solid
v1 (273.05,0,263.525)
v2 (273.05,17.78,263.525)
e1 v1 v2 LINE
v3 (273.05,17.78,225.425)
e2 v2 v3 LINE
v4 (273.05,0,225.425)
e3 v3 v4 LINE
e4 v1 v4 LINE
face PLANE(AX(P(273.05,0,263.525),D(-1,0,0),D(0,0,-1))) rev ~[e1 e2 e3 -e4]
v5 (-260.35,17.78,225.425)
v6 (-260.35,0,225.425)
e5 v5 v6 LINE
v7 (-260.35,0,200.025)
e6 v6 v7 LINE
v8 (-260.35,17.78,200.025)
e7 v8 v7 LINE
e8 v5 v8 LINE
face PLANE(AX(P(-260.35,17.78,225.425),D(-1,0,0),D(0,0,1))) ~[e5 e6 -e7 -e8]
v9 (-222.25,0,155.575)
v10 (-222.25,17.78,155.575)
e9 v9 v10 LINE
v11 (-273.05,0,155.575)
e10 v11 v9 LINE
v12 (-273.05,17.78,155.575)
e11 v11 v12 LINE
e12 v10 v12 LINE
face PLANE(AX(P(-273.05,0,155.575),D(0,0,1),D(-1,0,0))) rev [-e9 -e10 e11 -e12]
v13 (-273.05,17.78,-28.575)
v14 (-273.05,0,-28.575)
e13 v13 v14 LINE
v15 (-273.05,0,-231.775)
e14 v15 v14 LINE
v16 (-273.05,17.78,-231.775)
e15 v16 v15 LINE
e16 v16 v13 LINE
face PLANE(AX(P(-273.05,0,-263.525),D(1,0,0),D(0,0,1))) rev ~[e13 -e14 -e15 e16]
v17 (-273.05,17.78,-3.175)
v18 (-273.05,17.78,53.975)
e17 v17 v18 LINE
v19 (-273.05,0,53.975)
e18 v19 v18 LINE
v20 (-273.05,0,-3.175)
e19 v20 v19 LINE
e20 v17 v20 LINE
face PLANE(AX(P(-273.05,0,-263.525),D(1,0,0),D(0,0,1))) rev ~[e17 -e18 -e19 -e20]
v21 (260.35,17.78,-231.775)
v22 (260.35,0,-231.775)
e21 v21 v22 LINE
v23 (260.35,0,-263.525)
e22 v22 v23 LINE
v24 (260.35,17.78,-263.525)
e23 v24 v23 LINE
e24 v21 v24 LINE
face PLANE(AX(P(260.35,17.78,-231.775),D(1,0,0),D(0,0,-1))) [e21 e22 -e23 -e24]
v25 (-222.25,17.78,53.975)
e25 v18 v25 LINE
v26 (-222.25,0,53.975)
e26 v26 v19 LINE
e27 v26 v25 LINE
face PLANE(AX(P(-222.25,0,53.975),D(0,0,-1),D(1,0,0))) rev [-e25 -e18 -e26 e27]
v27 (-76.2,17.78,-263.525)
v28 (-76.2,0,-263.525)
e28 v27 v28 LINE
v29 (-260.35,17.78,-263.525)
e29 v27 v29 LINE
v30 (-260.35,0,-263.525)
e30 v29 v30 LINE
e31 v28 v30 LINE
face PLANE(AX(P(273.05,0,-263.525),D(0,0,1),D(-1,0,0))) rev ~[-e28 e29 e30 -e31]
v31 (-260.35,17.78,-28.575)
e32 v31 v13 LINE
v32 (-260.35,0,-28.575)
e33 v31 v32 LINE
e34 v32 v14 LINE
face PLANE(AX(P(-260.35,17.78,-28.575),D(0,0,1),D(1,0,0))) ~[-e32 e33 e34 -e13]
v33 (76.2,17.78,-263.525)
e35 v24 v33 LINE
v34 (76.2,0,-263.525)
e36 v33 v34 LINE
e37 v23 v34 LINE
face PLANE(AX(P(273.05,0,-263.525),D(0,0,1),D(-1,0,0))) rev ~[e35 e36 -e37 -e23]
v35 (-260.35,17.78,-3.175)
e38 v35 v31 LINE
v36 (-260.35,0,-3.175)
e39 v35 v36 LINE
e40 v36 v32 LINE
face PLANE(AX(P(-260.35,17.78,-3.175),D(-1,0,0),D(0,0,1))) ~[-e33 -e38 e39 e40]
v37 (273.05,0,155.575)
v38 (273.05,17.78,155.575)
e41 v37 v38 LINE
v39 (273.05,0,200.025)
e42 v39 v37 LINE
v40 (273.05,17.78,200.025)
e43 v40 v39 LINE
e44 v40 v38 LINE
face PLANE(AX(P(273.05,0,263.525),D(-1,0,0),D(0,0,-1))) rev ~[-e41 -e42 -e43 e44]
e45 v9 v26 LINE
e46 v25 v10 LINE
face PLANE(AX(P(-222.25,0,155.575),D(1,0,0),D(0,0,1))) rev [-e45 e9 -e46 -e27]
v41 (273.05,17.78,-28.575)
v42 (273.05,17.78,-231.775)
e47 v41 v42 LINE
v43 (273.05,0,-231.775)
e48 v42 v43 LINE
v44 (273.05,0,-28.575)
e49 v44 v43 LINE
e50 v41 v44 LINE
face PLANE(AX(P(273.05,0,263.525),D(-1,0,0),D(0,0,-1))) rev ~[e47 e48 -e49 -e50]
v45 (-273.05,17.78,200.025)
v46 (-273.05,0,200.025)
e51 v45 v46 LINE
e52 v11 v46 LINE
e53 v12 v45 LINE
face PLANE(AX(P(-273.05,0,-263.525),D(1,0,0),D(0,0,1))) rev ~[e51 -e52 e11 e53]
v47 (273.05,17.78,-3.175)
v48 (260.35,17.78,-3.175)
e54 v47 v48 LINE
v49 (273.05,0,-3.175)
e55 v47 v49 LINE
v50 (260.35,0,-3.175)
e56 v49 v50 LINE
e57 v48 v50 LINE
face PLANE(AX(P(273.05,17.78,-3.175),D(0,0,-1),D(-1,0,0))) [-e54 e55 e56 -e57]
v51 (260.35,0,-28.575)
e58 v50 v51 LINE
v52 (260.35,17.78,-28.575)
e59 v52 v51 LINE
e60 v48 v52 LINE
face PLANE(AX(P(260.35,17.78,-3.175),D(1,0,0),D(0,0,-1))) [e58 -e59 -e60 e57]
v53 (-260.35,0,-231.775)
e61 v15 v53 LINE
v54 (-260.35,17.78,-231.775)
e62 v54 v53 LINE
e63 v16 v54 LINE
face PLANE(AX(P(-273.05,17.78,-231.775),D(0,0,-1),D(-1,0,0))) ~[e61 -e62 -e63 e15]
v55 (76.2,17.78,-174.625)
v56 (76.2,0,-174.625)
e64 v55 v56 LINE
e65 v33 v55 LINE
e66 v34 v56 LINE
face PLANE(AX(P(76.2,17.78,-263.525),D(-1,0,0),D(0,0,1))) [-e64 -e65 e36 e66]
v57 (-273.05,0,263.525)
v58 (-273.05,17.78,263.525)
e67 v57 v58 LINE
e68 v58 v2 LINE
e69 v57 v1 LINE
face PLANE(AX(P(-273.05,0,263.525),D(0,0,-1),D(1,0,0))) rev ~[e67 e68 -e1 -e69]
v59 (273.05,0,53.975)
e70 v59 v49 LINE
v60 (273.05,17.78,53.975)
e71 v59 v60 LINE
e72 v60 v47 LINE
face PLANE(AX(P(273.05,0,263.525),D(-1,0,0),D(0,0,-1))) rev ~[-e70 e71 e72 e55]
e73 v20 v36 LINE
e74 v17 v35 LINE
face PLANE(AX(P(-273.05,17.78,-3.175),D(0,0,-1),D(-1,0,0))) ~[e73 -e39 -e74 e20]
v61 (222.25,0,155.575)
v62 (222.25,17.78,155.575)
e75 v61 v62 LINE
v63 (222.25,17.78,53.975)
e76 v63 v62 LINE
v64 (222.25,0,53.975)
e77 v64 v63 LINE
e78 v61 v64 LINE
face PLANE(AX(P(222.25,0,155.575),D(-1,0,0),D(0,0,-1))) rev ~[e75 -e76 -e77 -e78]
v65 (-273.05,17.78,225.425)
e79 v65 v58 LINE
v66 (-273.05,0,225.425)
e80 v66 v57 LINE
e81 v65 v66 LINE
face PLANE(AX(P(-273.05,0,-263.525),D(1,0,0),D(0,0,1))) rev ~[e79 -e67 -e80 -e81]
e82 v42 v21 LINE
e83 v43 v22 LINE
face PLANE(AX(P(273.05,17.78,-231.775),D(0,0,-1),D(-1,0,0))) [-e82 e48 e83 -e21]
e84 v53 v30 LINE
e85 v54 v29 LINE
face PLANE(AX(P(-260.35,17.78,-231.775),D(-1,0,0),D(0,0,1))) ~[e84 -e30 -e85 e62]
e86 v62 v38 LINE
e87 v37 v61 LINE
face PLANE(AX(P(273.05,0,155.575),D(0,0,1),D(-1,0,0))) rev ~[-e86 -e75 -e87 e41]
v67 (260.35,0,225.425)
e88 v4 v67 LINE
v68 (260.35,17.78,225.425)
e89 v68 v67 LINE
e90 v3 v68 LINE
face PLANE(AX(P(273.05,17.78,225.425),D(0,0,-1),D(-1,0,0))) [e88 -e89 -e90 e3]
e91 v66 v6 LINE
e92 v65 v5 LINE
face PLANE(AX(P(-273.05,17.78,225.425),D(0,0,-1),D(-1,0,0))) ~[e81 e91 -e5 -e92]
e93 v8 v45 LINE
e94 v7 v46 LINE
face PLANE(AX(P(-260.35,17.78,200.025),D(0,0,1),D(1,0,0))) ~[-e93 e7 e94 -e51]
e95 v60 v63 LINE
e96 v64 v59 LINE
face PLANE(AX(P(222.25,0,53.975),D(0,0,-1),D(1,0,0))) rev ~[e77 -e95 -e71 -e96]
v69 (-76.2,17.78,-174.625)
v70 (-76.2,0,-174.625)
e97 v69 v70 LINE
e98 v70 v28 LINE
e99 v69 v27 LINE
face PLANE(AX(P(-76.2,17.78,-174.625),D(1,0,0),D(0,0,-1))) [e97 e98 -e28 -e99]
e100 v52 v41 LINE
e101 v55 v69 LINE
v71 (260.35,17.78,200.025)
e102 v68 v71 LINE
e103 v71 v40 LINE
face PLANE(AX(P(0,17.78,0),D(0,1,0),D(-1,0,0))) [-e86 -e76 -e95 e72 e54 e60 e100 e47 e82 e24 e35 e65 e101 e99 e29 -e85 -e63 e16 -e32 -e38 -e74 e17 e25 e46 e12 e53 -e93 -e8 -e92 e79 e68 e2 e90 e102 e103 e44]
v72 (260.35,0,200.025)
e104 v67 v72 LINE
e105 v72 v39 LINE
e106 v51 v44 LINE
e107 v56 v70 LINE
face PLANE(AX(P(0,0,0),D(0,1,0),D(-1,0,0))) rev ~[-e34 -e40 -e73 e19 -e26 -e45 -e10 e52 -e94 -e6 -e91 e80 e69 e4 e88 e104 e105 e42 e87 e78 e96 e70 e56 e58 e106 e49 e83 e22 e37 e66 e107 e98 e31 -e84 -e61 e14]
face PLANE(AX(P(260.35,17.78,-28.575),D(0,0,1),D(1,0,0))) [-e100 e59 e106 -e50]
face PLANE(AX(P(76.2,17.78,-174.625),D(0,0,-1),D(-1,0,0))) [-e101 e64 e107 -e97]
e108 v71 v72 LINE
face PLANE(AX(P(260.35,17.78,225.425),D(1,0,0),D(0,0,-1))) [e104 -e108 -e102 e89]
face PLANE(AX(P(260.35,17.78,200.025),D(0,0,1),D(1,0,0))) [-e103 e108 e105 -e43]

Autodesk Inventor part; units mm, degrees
ref_plane "XZ Plane" through (0, 0, 0) normal (0, 1, 0) x (-1, 0, 0)
ref_plane "XY Plane" through (0, 0, 0) normal (0, 0, 1) x (1, 0, 0)
sketch "Sketch1" plane through (0, 0, 0) normal (0, 1, 0) x (-1, 0, 0)
  line L0 (-273.05, 263.525) -> (-273.05, -263.525)
  line L1 (-273.05, -263.525) -> (273.05, -263.525)
  line L2 (273.05, -263.525) -> (273.05, 263.525)
  line L3 (273.05, 263.525) -> (-273.05, 263.525)
  line L4 (-273.05, 263.525) -> (273.05, -263.525) construction
  line L5 (-273.05, -263.525) -> (273.05, 263.525) construction
  point P0 (0, 0)
  dimension "baseLength" = 527.05
  dimension "baseWidth" = 546.1
extrude "Extrusion1" add sketch "Sketch1" along normal blind 17.78
sketch "Sketch2" plane through (0, 0, 0) normal (0, -1, 0) x (1, 0, 0)
  line L0 (273.05, 263.525) -> (273.05, -263.525) projected
  line L1 (273.05, 155.575) -> (222.25, 155.575)
  line L2 (222.25, 155.575) -> (222.25, 53.975)
  line L3 (222.25, 53.975) -> (273.05, 53.975)
  line L4 (273.05, 53.975) -> (273.05, 155.575)
  line L5 (-273.05, 263.525) -> (273.05, 263.525) projected
  point P0 (0, 0)
  dimension "backToEndOfGearBox" = 107.95
  dimension "backToFrontOfGearBox" = 209.55
  dimension "wdithForGearBox" = 50.8
extrude "Extrusion2" cut sketch "Sketch2" against normal through all
mirror "Mirror1" about plane through (0, 0, 0) normal (1, 0, 0) of "Extrusion2"
sketch "Sketch3" plane through (0, 17.78, 0) normal (0, 1, 0) x (1, 0, 0)
  line L0 (273.05, -225.425) -> (260.35, -225.425)
  line L1 (260.35, -225.425) -> (260.35, -200.025)
  line L2 (260.35, -200.025) -> (273.05, -200.025)
  line L3 (273.05, -200.025) -> (273.05, -225.425)
  line L4 (273.05, -263.525) -> (273.05, -155.575) projected
  line L5 (-273.05, -263.525) -> (273.05, -263.525) projected
  point P0 (0, 0)
  dimension "d9" = 25.4
  dimension "d10" = 12.7
  dimension "d11" = 38.1
extrude "Extrusion3" cut sketch "Sketch3" against normal through all
mirror "Mirror2" about plane through (0, 0, 0) normal (1, 0, 0) of "Extrusion3"
sketch "Sketch4" plane through (0, 17.78, 0) normal (0, 1, 0) x (1, 0, 0)
  line L0 (273.05, -53.975) -> (273.05, 263.525) projected
  line L1 (273.05, 3.175) -> (260.35, 3.175)
  line L2 (260.35, 3.175) -> (260.35, 28.575)
  line L3 (260.35, 28.575) -> (273.05, 28.575)
  line L4 (273.05, 28.575) -> (273.05, 3.175)
  line L5 (-273.05, -263.525) -> (273.05, -263.525) projected
  point P0 (0, 0)
  dimension "d14" = 25.4
  dimension "d15" = 266.7
  dimension "d16" = 12.7
extrude "Extrusion4" cut sketch "Sketch4" against normal through all
mirror "Mirror3" about plane through (0, 0, 0) normal (1, 0, 0) of "Extrusion4"
sketch "Sketch5" plane through (0, 17.78, 0) normal (0, 1, 0) x (1, 0, 0)
  line L0 (273.05, 231.775) -> (260.35, 231.775)
  line L1 (260.35, 231.775) -> (260.35, 263.525)
  line L2 (260.35, 263.525) -> (273.05, 263.525)
  line L3 (273.05, 263.525) -> (273.05, 231.775)
  line L4 (273.05, 28.575) -> (273.05, 263.525) projected
  line L5 (273.05, 263.525) -> (-273.05, 263.525) projected
  point P0 (0, 0)
  dimension "d19" = 12.7
  dimension "d20" = 31.75
extrude "Extrusion5" cut sketch "Sketch5" against normal through all
mirror "Mirror4" about plane through (0, 0, 0) normal (1, 0, 0) of "Extrusion5"
sketch "Sketch8" plane through (0, 17.78, 0) normal (0, 1, 0) x (1, 0, 0)
  line L0 (-76.2, 263.525) -> (76.2, 263.525)
  line L1 (76.2, 263.525) -> (76.2, 174.625)
  line L2 (76.2, 174.625) -> (-76.2, 174.625)
  line L3 (-76.2, 174.625) -> (-76.2, 263.525)
  line L4 (260.35, 263.525) -> (-260.35, 263.525) projected
  point P0 (0, 0)
  dimension "d23" = 76.2
  dimension "d24" = 76.2
  dimension "d25" = 88.9
extrude "Extrusion6" cut sketch "Sketch8" against normal through all
equation "\"baseLength\" = userBaseLength"
equation "\"baseWidth\" = userBaseWidth"
equation "\"d9\" = lengthOfSpacingForBolt"
equation "\"d10\" = widthOfSpacingForBolt"
equation "\"d11\" = distanceFromBackForEndBolt"
equation "\"d14\" = lengthOfSpacingForBolt"
equation "\"d16\" = widthOfSpacingForBolt"
equation "\"d19\" = widthOfSpacingForBolt"
equation "\"spaceingAlongSides\" = 3.175"
equation "\"distanceFromBackForEndBolt\" = 38.1"
equation "\"widthOfSpacingForBolt\" = 12.7"
equation "\"lengthOfSpacingForBolt\" = 25.4"
equation "\"userBaseLength\" = 527.05"
equation "\"userBaseWidth\" = 546.1"
properties part number "RhinoBottomFloorPlate01" material "Wood (Birch)"
